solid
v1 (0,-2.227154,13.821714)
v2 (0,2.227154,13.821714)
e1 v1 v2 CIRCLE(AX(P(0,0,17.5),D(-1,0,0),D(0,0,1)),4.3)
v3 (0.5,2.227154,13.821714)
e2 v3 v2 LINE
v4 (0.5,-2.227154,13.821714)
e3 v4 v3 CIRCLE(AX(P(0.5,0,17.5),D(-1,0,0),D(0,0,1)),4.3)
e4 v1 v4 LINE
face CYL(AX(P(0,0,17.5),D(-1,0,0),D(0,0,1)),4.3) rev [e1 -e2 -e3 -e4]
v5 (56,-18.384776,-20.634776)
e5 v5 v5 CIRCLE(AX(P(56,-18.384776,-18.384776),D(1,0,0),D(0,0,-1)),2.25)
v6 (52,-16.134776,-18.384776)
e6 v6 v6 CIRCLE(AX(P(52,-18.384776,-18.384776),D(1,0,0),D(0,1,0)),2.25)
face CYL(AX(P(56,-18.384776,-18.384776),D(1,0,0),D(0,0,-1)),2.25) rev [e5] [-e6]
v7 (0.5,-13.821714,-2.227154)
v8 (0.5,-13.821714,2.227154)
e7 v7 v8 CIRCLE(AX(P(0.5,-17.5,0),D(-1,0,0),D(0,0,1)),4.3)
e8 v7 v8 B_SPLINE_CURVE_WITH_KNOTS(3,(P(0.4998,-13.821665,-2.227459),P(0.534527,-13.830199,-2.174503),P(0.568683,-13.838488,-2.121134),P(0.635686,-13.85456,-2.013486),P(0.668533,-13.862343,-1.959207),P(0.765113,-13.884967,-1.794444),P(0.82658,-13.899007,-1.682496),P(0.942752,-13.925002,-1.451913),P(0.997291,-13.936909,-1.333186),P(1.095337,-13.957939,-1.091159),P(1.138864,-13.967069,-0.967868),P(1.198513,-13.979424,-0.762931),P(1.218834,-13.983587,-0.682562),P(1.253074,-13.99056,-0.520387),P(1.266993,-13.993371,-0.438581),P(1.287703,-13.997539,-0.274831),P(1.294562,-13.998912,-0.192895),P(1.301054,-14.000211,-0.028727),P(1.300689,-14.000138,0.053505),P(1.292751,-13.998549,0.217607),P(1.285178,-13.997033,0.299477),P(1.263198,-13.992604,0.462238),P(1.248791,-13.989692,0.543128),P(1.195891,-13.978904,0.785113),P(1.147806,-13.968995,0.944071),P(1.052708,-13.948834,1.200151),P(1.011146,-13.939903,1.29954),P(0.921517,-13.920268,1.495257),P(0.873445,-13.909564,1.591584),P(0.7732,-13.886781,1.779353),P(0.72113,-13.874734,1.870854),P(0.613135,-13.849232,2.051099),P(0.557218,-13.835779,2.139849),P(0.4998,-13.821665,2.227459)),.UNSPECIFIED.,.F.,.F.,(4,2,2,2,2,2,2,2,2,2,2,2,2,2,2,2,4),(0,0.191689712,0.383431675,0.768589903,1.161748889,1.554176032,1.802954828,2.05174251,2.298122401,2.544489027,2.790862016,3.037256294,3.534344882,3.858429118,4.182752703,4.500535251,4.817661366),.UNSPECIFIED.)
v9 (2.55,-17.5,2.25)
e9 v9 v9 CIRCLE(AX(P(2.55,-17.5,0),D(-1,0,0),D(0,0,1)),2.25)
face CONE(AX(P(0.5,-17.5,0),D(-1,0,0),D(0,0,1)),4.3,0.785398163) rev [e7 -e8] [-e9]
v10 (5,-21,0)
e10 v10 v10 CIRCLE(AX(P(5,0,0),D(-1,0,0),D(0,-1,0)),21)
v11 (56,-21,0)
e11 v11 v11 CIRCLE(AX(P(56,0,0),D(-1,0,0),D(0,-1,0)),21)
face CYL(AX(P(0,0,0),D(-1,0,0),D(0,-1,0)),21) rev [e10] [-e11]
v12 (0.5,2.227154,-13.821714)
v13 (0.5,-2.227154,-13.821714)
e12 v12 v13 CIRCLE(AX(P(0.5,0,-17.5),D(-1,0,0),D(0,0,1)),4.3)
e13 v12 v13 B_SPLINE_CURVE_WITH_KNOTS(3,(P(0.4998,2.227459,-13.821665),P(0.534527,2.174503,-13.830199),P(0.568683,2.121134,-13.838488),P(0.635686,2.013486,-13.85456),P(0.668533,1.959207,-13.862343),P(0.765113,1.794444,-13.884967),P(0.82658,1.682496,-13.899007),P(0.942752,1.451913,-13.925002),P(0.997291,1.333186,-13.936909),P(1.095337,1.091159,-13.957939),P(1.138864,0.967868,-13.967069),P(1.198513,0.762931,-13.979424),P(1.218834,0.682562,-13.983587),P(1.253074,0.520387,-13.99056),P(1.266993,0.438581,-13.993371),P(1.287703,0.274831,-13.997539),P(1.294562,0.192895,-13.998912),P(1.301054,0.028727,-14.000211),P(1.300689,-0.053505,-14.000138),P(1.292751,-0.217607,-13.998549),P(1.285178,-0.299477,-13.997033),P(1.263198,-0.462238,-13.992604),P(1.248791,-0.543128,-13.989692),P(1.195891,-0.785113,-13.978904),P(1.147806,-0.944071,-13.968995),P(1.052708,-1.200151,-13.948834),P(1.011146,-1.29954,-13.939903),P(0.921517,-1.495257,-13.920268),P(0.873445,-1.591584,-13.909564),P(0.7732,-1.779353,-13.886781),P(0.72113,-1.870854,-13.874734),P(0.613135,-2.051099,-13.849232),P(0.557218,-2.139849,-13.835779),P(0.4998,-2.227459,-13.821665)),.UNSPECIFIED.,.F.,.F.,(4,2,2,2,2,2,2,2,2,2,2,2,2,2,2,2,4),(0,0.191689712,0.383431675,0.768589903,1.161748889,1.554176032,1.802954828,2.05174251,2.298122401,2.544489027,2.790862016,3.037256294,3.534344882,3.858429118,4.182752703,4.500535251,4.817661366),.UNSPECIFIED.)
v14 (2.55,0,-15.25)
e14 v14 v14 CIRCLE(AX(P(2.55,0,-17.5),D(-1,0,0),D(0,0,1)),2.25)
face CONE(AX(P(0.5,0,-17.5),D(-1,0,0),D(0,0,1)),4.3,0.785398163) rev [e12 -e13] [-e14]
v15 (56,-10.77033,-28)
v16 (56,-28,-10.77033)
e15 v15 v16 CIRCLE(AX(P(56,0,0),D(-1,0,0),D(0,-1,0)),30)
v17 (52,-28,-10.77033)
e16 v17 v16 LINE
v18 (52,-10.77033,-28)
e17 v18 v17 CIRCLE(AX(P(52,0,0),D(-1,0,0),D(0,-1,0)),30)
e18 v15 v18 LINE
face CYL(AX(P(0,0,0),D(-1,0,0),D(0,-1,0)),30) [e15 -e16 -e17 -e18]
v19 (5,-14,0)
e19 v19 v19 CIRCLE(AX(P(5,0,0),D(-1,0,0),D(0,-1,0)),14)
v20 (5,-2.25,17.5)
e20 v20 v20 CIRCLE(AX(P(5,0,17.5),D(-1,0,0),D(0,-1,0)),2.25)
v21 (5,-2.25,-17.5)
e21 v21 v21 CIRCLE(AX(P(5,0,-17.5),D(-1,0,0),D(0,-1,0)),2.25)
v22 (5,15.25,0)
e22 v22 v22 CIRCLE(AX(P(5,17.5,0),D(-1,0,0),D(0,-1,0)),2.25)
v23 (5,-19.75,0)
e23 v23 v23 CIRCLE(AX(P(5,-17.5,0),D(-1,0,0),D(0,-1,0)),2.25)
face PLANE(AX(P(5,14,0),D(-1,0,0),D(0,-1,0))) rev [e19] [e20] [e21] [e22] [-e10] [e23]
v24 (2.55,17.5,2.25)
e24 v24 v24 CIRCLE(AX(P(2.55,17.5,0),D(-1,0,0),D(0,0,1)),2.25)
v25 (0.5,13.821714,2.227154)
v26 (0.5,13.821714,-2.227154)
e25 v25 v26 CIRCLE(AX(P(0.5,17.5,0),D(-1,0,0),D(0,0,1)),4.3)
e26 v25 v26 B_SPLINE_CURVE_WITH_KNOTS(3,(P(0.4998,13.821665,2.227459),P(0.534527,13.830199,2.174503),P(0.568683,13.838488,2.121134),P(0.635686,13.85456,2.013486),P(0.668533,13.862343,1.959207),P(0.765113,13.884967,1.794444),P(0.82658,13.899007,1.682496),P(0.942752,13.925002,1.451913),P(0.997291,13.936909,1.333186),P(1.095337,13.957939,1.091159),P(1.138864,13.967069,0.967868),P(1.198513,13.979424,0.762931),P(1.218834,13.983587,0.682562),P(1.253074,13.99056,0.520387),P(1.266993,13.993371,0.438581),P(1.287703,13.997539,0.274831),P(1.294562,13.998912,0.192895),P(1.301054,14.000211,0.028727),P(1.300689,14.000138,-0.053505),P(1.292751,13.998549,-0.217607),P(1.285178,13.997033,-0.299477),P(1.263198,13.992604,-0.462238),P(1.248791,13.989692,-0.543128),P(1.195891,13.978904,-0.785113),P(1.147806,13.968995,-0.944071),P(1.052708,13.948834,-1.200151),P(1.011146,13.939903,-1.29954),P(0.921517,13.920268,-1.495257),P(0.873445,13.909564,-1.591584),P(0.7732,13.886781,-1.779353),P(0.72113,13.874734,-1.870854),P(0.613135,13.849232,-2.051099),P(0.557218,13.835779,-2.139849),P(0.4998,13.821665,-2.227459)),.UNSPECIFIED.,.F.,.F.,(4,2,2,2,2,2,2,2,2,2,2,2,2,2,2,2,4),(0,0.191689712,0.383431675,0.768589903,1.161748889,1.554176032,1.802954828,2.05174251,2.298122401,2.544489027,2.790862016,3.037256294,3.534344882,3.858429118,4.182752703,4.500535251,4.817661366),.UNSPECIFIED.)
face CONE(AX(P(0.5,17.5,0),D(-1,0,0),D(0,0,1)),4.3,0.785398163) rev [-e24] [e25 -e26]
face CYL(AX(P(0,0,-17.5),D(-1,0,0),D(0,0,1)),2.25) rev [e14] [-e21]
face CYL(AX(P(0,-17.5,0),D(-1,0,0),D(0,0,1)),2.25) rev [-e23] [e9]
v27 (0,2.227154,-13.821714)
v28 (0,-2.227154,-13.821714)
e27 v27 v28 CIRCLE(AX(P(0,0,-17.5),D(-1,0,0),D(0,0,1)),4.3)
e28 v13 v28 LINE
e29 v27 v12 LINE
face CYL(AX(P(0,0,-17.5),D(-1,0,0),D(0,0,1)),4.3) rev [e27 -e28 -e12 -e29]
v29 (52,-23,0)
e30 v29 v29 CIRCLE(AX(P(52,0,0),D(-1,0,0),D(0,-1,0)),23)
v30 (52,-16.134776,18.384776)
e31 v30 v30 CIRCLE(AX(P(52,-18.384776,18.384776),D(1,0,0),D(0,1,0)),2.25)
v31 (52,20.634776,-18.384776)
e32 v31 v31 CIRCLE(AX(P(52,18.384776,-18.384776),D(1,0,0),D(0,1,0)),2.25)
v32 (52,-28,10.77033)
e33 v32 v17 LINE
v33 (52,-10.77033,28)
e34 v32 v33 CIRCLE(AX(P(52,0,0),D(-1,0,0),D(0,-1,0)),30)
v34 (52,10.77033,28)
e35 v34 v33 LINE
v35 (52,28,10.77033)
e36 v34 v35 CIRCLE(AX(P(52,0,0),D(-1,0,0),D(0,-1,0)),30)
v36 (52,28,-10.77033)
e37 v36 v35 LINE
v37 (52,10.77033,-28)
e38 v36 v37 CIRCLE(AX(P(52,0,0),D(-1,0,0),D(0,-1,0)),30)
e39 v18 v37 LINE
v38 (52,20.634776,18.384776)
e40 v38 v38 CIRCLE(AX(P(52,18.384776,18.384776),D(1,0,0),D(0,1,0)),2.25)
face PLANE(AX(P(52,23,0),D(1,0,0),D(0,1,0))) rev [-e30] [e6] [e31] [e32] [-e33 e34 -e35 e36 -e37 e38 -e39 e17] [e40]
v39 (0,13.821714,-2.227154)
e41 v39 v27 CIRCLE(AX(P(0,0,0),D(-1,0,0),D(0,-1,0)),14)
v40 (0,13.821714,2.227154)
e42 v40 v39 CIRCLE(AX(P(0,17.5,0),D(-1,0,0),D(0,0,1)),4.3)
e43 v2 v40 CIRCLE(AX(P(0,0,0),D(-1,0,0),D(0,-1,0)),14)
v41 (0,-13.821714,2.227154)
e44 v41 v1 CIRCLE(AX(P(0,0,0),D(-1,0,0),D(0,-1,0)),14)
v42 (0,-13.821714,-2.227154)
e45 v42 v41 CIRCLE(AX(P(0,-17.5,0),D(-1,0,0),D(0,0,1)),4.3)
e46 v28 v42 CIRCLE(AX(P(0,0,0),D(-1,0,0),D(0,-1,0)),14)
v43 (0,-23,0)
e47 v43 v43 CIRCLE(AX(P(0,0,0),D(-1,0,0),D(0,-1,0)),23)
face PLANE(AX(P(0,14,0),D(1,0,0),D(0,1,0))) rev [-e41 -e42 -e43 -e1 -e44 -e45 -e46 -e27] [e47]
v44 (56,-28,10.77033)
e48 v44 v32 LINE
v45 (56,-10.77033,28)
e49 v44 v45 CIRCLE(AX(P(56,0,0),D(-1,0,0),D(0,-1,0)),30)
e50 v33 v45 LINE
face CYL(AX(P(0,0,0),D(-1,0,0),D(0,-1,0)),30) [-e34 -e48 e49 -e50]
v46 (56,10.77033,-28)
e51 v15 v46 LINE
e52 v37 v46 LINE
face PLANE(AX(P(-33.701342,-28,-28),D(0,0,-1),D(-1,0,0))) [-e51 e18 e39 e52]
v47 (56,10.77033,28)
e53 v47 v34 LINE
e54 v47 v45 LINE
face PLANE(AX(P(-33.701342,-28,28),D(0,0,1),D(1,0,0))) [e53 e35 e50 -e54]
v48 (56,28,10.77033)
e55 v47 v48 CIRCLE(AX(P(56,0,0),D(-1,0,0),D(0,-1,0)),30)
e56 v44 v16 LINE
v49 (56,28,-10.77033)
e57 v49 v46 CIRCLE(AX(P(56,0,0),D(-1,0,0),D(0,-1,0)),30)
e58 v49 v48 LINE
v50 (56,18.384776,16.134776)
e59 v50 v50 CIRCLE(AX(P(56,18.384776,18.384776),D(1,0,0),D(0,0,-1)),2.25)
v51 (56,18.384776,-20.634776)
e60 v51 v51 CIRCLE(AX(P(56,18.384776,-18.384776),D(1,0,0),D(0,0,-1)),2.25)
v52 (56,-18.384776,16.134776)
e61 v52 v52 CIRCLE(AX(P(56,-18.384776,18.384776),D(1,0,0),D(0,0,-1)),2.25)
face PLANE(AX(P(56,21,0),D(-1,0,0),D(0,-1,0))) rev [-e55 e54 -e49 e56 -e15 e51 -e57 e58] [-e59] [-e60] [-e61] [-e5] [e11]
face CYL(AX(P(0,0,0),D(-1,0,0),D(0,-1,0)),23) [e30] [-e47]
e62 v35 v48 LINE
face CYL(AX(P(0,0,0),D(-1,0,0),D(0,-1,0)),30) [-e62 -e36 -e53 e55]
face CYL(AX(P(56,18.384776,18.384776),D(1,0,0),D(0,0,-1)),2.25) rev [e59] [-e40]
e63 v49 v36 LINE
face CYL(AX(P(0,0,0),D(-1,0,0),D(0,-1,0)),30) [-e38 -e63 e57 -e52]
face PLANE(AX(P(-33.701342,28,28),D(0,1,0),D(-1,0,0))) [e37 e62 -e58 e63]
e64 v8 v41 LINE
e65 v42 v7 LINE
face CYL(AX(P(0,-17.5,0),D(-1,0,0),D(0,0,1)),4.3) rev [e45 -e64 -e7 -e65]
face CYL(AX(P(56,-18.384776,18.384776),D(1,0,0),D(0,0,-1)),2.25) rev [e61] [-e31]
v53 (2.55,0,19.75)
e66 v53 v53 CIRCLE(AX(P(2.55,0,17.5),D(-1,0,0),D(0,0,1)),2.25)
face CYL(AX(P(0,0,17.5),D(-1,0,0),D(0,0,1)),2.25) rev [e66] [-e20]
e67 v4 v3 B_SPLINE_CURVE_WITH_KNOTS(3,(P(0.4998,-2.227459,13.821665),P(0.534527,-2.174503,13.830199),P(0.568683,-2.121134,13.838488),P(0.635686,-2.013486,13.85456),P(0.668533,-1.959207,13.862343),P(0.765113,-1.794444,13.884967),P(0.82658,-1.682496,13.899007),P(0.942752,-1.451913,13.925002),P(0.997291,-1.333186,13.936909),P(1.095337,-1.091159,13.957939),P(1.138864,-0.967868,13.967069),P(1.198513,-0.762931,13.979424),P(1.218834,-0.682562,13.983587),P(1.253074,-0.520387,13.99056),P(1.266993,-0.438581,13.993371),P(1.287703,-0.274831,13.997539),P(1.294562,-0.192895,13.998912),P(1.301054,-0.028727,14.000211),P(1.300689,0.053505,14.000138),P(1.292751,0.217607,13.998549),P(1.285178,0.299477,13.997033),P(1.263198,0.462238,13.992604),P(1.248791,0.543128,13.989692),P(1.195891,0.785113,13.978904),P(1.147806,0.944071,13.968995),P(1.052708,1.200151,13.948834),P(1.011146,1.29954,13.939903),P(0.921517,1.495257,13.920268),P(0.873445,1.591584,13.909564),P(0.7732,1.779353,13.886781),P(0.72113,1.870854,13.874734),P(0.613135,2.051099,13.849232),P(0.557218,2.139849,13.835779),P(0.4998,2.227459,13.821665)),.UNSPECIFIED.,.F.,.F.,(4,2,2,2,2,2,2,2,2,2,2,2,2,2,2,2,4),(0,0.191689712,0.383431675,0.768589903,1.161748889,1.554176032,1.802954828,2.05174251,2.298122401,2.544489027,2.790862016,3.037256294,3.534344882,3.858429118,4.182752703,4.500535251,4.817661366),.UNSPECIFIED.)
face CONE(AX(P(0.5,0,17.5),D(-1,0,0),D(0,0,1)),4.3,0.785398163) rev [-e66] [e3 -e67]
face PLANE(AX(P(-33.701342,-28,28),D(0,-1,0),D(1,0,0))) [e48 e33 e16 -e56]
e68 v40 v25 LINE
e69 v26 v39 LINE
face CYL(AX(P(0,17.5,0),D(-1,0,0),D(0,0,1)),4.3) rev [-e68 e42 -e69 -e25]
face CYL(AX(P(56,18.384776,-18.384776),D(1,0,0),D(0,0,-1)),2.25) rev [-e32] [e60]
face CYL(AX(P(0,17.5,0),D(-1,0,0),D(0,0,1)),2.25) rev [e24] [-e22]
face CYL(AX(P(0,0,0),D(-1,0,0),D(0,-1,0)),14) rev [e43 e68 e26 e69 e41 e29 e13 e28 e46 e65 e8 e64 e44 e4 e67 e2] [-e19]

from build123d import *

# Parameters (mm, degrees)
HOLE_WIZARD_2_AT_2_COUNT = 2
HOLE_WIZARD_2_AT_2_PITCH = 24.748737342
HOLE_WIZARD_2_AT_3_COUNT = 2
HOLE_WIZARD_2_AT_3_PITCH = 35
HOLE_WIZARD_2_AT_4_COUNT = 2
HOLE_WIZARD_2_AT_4_PITCH = 24.748737342
SKETCH_18_OUTSIDE_W      = 82.334
SKETCH_18_OUTSIDE_H      = 82.334
SKETCH_18_OUTSIDE_W_2    = 56
SKETCH_18_OUTSIDE_H_2    = 56
CUT_EXTRUDE_3_DEPTH      = 4
HOLE_WIZARD_M4_1_D       = 4.5


with BuildPart() as part:
    # 草图1 → 旋转2 (revolve)
    with BuildSketch(Plane.XY, mode=Mode.PRIVATE) as revolve_2_sk:
        Polygon((52, 23), (52, 30), (56, 30), (56, 21), (5, 21), (5, 14), (0, 14), (0, 23), align=None)
    revolve(revolve_2_sk.sketch.rotate(Axis((0, 0, 0), (1, 0, 0)), 180), axis=Axis((0, 0, 0), (1, 0, 0)))

    # 草图10 → 打孔尺寸根据十字槽沉头木螺钉的类型2 (revolve, cut)
    with BuildSketch(Plane(origin=(0, 0, 17.5), x_dir=(0, 0, 1), z_dir=(0, 1, 0))):
        Polygon((0, 0), (0, 56), (2.25, 56), (2.25, 2.55), (4.3, 0.5), (4.3, 0), align=None)
    hole_wizard_2 = revolve(axis=Axis((-6.35, 0, 17.5), (1, 0, 0)), mode=Mode.SUBTRACT)

    # 打孔尺寸根据十字槽沉头木螺钉的类型2 at 2: 打孔尺寸根据十字槽沉头木螺钉的类型2 ×2
    with Locations(*[Vector(0, -0.7071067811865575, -0.7071067811865376) * (i * HOLE_WIZARD_2_AT_2_PITCH) for i in range(1, HOLE_WIZARD_2_AT_2_COUNT)]):
        add(hole_wizard_2, mode=Mode.SUBTRACT)

    # 打孔尺寸根据十字槽沉头木螺钉的类型2 at 3: 打孔尺寸根据十字槽沉头木螺钉的类型2 ×2
    with Locations(*[(0, 0, -i * HOLE_WIZARD_2_AT_3_PITCH) for i in range(1, HOLE_WIZARD_2_AT_3_COUNT)]):
        add(hole_wizard_2, mode=Mode.SUBTRACT)

    # 打孔尺寸根据十字槽沉头木螺钉的类型2 at 4: 打孔尺寸根据十字槽沉头木螺钉的类型2 ×2
    with Locations(*[Vector(0, 0.7071067811865376, -0.7071067811865575) * (i * HOLE_WIZARD_2_AT_4_PITCH) for i in range(1, HOLE_WIZARD_2_AT_4_COUNT)]):
        add(hole_wizard_2, mode=Mode.SUBTRACT)

    # 草图18 outside → 切除-拉伸3 (cut)
    with BuildSketch(Plane(origin=(56, 0, 0), x_dir=(0, 0, -1), z_dir=(1, 0, 0))):
        Rectangle(SKETCH_18_OUTSIDE_W, SKETCH_18_OUTSIDE_H)
        Rectangle(SKETCH_18_OUTSIDE_W_2, SKETCH_18_OUTSIDE_H_2, mode=Mode.SUBTRACT)
    extrude(amount=-CUT_EXTRUDE_3_DEPTH, mode=Mode.SUBTRACT)

    # M4 间隙孔1 (through all)
    with Locations(Plane(origin=(56, 0, 0), x_dir=(0, 0, -1), z_dir=(1, 0, 0))):
        with Locations((18.384776311, 18.384776311), (18.384776311, -18.384776311), (-18.384776311, -18.384776311), (-18.384776311, 18.384776311)):
            Hole(HOLE_WIZARD_M4_1_D / 2)


solid = part.part
